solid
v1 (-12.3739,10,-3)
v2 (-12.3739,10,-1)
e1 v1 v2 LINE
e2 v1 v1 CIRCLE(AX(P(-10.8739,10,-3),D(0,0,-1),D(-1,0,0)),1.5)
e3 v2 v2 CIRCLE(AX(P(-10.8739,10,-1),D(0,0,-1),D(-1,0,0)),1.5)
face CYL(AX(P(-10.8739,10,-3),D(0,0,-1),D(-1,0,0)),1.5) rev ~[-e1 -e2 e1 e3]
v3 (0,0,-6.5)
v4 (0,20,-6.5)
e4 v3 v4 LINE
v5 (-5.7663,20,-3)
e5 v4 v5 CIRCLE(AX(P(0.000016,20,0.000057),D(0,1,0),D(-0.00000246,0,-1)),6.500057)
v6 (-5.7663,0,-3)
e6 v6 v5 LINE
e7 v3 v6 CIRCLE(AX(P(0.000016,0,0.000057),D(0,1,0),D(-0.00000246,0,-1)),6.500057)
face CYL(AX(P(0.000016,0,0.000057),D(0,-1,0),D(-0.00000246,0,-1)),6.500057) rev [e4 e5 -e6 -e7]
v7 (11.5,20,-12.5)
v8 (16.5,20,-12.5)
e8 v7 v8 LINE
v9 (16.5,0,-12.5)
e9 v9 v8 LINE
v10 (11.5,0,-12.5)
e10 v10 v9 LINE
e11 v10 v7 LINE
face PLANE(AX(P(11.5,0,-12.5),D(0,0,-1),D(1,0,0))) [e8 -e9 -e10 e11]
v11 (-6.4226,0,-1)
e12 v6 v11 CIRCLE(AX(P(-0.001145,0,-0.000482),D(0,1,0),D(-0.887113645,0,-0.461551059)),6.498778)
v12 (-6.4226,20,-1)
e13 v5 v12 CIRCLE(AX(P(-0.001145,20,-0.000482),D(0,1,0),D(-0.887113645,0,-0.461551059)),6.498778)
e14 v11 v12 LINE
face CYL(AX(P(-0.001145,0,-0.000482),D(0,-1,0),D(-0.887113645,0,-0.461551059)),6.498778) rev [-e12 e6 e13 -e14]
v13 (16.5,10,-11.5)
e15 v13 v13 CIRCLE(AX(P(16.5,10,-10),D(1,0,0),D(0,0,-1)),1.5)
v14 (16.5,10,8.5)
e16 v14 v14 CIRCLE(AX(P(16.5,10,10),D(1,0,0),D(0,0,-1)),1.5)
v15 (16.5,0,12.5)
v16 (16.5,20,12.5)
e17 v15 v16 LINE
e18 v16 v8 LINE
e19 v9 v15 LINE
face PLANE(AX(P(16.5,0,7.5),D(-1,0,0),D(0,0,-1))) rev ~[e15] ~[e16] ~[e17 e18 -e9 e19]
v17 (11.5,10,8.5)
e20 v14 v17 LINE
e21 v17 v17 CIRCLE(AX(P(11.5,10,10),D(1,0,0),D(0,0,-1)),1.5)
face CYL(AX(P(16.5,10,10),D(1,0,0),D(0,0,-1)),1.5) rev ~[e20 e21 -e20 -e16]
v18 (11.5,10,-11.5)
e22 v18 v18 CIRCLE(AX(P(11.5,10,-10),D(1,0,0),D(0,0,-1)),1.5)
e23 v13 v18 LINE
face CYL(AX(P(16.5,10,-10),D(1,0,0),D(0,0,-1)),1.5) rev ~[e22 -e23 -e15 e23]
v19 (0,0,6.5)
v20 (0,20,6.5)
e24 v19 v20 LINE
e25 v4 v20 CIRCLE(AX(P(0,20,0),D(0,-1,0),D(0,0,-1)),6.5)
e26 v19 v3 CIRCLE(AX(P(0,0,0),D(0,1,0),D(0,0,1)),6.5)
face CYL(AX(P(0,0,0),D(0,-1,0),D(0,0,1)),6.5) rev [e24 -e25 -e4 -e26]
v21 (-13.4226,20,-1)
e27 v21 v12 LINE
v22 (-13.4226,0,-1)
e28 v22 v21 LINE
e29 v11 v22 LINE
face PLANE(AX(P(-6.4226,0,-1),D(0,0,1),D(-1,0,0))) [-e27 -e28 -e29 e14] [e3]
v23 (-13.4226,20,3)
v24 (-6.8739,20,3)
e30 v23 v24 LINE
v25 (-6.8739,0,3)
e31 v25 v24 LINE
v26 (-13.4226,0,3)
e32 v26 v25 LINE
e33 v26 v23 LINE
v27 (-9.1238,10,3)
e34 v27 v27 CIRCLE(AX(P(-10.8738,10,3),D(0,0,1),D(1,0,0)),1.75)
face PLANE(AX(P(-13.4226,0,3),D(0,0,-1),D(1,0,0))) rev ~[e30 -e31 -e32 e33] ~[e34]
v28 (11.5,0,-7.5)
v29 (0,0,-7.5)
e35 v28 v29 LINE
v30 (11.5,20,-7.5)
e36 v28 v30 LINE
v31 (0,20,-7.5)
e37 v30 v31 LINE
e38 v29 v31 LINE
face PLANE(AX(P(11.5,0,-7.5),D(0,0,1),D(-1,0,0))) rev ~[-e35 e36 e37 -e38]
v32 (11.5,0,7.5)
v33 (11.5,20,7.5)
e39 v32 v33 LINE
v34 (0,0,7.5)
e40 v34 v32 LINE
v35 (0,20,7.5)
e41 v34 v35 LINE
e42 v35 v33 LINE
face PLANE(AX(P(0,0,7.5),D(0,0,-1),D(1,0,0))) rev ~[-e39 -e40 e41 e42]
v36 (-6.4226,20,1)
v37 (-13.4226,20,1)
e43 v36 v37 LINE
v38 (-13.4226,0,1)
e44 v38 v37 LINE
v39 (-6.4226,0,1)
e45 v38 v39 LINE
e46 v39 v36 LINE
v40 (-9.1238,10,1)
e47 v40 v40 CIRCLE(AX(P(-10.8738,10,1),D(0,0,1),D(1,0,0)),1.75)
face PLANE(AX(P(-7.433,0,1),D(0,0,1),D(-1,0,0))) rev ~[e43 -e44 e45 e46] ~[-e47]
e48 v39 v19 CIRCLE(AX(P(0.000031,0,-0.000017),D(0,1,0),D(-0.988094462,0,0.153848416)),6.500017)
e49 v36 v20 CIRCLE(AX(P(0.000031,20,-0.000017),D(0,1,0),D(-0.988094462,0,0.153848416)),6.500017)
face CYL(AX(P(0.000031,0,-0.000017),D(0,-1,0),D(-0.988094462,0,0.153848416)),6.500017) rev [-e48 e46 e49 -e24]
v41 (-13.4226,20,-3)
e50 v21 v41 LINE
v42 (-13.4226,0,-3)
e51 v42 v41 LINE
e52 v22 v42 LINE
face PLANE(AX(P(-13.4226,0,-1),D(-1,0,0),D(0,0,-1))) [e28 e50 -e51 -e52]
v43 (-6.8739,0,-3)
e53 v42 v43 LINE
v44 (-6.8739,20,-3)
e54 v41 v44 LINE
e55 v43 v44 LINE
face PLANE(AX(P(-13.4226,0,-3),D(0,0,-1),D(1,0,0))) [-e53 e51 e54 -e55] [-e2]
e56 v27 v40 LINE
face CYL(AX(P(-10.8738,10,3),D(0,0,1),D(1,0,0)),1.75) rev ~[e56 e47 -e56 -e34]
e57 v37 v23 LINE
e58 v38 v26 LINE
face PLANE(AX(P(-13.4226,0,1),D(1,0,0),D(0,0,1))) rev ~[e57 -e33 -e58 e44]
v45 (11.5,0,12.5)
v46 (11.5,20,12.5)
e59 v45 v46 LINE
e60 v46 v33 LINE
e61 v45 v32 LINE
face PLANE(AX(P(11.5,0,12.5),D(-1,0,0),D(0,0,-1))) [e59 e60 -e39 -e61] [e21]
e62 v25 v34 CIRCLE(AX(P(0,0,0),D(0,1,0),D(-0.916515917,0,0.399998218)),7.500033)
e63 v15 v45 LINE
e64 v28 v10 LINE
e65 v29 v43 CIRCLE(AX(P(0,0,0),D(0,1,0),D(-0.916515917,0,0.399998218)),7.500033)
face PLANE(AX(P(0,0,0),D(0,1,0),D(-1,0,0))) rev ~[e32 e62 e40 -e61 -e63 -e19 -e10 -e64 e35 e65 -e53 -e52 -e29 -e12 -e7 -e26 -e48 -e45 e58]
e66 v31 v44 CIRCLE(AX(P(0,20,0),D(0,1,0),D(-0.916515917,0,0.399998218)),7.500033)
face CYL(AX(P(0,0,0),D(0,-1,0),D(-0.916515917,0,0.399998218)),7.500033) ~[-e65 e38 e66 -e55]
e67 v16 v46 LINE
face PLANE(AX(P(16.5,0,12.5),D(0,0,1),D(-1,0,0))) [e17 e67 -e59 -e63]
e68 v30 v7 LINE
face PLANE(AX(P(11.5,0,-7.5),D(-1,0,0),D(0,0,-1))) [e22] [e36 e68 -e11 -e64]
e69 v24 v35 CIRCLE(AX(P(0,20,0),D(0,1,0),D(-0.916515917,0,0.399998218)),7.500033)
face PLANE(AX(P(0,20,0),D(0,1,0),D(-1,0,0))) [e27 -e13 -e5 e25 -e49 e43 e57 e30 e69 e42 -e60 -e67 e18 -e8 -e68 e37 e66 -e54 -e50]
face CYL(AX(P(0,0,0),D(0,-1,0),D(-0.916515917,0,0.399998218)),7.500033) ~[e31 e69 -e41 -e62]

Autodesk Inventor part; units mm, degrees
ref_plane "YZ Plane" through (0, 0, 0) normal (1, 0, 0) x (0, 1, 0)
ref_plane "XZ Plane" through (0, 0, 0) normal (0, 1, 0) x (-1, 0, 0)
ref_plane "XY Plane" through (0, 0, 0) normal (0, 0, 1) x (1, 0, 0)
sketch "Sketch1" plane through (0, 0, 0) normal (0, 1, 0) x (-1, 0, 0)
  arc A0 (0, 6.5) -> (0, -6.5) centre (0, 0) ccw
  arc A1 (7.433, 1) -> (6.8739, 3) centre (0, 0) ccw
  line L0 (0, 7.5) -> (-16.5, 7.5)
  line L1 (-16.5, 7.5) -> (-16.5, -7.5)
  line L2 (-16.5, -7.5) -> (0, -7.5)
  line L3 (0, -7.5) -> (0, -6.5)
  line L4 (-16.5, 12.5) -> (-11.5, 12.5)
  line L5 (-11.5, 12.5) -> (-11.5, 7.5)
  line L6 (-11.5, 7.5) -> (-16.5, 7.5)
  line L7 (-16.5, 7.5) -> (-16.5, 12.5)
  line L8 (-16.5, -7.5) -> (-11.5, -7.5)
  line L9 (-11.5, -7.5) -> (-11.5, -12.5)
  line L10 (-11.5, -12.5) -> (-16.5, -12.5)
  line L11 (-16.5, -12.5) -> (-16.5, -7.5)
  line L12 (6.4226, 1) -> (13.4226, 1)
  line L13 (13.4226, 1) -> (13.4226, 3)
  line L14 (13.4226, 3) -> (6.4226, 3)
  line L15 (6.4226, 3) -> (6.4226, 1)
  line L16 (0, 0) -> (-6.5, 0)
  line L17 (6.4226, -1) -> (13.4226, -1)
  line L18 (13.4226, -1) -> (13.4226, -3)
  line L19 (13.4226, -3) -> (6.4226, -3)
  line L20 (6.4226, -3) -> (6.4226, -1)
  arc A2 (7.433, -1) -> (7.5, 0) centre (0, 0) ccw
  arc A3 (6.8739, 3) -> (6.8739, -3) centre (0, 0) ccw
  arc A4 (6.4226, 1) -> (0, 6.5) centre (0, 0) ccw
  arc A5 (7.5, 0) -> (7.433, 1) centre (0, 0) ccw
  arc A6 (6.4226, -1) -> (6.5, 0) centre (0, 0) ccw
  arc A7 (6.8739, -3) -> (7.433, -1) centre (0, 0) ccw
  arc A8 (0, -6.5) -> (5.7663, -3) centre (0, 0) ccw
  line L21 (0, -6.5) -> (0, 6.5)
  line L22 (0, 6.5) -> (0, 7.5)
  arc A9 (5.7663, -3) -> (6.4226, -1) centre (0, 0) ccw
  arc A10 (6.5, 0) -> (6.4226, 1) centre (0, 0) ccw
  dimension "d0" = 13
  dimension "d1" = 15
  dimension "d2" = 15
  dimension "d3" = 16.5
  dimension "d4" = 5
  dimension "d5" = 5
  dimension "d6" = 5
  dimension "d7" = 5
  dimension "d8" = 1
  dimension "d9" = 2
  dimension "d10" = 7
extrude "Extrusion1" add sketch "Sketch1" along normal blind 20 contours L22 A3 L14 L15 A4 | A0 L3 A3 L22 | L15 L14 A1 L12 | A3 L2 L1 L0 | A8 A9 L20 L19 A3 L3 | A1 L14 L13 L12 | L0 L7 L4 L5 | L17 A7 L19 L20 | L9 L10 L11 L2 | A7 L17 L18 L19
sketch "Sketch2" plane through (16.5, 0, 12.5) normal (1, 0, 0) x (0, 0, -1)
  circle A0 centre (22.5, 10) radius 1.5
  line L0 (12.5, 0) -> (12.5, 20)
  line L1 (11.5, 0) -> (11.5, 20) projected
  line L2 (0, 0) -> (25, 0) projected
  circle A1 centre (2.5, 10) radius 1.5
  dimension "d13" = 3
  dimension "d14" = 10
  dimension "d15" = 10
extrude "Extrusion2" cut sketch "Sketch2" against normal up to next
sketch "Sketch3" plane through (-13.4226, 0, 3) normal (0, 0, 1) x (1, 0, 0)
  circle A0 centre (2.5488, 10) radius 1.75
  line L0 (6.5488, 20) -> (6.5488, 0) projected
  line L1 (0, 0) -> (6.5488, 0) projected
  point P0 (13.4226, 0)
  dimension "d18" = 4
  dimension "d19" = 3.5
  dimension "d20" = 10
extrude "Extrusion3" cut sketch "Sketch3" against normal up to next
sketch "Sketch4" plane through (-6.8739, 0, -3) normal (0, 0, -1) x (-1, 0, 0)
  circle A0 centre (4, 10) radius 1.5
  line L0 (0, 0) -> (0, 20) projected
  line L1 (0, 0) -> (6.5488, 0) projected
  point P0 (-6.8739, 0)
  dimension "d23" = 4
  dimension "d24" = 10
  dimension "d25" = 3
extrude "Extrusion4" cut sketch "Sketch4" against normal up to next
properties part number "round_adaptor_13"
